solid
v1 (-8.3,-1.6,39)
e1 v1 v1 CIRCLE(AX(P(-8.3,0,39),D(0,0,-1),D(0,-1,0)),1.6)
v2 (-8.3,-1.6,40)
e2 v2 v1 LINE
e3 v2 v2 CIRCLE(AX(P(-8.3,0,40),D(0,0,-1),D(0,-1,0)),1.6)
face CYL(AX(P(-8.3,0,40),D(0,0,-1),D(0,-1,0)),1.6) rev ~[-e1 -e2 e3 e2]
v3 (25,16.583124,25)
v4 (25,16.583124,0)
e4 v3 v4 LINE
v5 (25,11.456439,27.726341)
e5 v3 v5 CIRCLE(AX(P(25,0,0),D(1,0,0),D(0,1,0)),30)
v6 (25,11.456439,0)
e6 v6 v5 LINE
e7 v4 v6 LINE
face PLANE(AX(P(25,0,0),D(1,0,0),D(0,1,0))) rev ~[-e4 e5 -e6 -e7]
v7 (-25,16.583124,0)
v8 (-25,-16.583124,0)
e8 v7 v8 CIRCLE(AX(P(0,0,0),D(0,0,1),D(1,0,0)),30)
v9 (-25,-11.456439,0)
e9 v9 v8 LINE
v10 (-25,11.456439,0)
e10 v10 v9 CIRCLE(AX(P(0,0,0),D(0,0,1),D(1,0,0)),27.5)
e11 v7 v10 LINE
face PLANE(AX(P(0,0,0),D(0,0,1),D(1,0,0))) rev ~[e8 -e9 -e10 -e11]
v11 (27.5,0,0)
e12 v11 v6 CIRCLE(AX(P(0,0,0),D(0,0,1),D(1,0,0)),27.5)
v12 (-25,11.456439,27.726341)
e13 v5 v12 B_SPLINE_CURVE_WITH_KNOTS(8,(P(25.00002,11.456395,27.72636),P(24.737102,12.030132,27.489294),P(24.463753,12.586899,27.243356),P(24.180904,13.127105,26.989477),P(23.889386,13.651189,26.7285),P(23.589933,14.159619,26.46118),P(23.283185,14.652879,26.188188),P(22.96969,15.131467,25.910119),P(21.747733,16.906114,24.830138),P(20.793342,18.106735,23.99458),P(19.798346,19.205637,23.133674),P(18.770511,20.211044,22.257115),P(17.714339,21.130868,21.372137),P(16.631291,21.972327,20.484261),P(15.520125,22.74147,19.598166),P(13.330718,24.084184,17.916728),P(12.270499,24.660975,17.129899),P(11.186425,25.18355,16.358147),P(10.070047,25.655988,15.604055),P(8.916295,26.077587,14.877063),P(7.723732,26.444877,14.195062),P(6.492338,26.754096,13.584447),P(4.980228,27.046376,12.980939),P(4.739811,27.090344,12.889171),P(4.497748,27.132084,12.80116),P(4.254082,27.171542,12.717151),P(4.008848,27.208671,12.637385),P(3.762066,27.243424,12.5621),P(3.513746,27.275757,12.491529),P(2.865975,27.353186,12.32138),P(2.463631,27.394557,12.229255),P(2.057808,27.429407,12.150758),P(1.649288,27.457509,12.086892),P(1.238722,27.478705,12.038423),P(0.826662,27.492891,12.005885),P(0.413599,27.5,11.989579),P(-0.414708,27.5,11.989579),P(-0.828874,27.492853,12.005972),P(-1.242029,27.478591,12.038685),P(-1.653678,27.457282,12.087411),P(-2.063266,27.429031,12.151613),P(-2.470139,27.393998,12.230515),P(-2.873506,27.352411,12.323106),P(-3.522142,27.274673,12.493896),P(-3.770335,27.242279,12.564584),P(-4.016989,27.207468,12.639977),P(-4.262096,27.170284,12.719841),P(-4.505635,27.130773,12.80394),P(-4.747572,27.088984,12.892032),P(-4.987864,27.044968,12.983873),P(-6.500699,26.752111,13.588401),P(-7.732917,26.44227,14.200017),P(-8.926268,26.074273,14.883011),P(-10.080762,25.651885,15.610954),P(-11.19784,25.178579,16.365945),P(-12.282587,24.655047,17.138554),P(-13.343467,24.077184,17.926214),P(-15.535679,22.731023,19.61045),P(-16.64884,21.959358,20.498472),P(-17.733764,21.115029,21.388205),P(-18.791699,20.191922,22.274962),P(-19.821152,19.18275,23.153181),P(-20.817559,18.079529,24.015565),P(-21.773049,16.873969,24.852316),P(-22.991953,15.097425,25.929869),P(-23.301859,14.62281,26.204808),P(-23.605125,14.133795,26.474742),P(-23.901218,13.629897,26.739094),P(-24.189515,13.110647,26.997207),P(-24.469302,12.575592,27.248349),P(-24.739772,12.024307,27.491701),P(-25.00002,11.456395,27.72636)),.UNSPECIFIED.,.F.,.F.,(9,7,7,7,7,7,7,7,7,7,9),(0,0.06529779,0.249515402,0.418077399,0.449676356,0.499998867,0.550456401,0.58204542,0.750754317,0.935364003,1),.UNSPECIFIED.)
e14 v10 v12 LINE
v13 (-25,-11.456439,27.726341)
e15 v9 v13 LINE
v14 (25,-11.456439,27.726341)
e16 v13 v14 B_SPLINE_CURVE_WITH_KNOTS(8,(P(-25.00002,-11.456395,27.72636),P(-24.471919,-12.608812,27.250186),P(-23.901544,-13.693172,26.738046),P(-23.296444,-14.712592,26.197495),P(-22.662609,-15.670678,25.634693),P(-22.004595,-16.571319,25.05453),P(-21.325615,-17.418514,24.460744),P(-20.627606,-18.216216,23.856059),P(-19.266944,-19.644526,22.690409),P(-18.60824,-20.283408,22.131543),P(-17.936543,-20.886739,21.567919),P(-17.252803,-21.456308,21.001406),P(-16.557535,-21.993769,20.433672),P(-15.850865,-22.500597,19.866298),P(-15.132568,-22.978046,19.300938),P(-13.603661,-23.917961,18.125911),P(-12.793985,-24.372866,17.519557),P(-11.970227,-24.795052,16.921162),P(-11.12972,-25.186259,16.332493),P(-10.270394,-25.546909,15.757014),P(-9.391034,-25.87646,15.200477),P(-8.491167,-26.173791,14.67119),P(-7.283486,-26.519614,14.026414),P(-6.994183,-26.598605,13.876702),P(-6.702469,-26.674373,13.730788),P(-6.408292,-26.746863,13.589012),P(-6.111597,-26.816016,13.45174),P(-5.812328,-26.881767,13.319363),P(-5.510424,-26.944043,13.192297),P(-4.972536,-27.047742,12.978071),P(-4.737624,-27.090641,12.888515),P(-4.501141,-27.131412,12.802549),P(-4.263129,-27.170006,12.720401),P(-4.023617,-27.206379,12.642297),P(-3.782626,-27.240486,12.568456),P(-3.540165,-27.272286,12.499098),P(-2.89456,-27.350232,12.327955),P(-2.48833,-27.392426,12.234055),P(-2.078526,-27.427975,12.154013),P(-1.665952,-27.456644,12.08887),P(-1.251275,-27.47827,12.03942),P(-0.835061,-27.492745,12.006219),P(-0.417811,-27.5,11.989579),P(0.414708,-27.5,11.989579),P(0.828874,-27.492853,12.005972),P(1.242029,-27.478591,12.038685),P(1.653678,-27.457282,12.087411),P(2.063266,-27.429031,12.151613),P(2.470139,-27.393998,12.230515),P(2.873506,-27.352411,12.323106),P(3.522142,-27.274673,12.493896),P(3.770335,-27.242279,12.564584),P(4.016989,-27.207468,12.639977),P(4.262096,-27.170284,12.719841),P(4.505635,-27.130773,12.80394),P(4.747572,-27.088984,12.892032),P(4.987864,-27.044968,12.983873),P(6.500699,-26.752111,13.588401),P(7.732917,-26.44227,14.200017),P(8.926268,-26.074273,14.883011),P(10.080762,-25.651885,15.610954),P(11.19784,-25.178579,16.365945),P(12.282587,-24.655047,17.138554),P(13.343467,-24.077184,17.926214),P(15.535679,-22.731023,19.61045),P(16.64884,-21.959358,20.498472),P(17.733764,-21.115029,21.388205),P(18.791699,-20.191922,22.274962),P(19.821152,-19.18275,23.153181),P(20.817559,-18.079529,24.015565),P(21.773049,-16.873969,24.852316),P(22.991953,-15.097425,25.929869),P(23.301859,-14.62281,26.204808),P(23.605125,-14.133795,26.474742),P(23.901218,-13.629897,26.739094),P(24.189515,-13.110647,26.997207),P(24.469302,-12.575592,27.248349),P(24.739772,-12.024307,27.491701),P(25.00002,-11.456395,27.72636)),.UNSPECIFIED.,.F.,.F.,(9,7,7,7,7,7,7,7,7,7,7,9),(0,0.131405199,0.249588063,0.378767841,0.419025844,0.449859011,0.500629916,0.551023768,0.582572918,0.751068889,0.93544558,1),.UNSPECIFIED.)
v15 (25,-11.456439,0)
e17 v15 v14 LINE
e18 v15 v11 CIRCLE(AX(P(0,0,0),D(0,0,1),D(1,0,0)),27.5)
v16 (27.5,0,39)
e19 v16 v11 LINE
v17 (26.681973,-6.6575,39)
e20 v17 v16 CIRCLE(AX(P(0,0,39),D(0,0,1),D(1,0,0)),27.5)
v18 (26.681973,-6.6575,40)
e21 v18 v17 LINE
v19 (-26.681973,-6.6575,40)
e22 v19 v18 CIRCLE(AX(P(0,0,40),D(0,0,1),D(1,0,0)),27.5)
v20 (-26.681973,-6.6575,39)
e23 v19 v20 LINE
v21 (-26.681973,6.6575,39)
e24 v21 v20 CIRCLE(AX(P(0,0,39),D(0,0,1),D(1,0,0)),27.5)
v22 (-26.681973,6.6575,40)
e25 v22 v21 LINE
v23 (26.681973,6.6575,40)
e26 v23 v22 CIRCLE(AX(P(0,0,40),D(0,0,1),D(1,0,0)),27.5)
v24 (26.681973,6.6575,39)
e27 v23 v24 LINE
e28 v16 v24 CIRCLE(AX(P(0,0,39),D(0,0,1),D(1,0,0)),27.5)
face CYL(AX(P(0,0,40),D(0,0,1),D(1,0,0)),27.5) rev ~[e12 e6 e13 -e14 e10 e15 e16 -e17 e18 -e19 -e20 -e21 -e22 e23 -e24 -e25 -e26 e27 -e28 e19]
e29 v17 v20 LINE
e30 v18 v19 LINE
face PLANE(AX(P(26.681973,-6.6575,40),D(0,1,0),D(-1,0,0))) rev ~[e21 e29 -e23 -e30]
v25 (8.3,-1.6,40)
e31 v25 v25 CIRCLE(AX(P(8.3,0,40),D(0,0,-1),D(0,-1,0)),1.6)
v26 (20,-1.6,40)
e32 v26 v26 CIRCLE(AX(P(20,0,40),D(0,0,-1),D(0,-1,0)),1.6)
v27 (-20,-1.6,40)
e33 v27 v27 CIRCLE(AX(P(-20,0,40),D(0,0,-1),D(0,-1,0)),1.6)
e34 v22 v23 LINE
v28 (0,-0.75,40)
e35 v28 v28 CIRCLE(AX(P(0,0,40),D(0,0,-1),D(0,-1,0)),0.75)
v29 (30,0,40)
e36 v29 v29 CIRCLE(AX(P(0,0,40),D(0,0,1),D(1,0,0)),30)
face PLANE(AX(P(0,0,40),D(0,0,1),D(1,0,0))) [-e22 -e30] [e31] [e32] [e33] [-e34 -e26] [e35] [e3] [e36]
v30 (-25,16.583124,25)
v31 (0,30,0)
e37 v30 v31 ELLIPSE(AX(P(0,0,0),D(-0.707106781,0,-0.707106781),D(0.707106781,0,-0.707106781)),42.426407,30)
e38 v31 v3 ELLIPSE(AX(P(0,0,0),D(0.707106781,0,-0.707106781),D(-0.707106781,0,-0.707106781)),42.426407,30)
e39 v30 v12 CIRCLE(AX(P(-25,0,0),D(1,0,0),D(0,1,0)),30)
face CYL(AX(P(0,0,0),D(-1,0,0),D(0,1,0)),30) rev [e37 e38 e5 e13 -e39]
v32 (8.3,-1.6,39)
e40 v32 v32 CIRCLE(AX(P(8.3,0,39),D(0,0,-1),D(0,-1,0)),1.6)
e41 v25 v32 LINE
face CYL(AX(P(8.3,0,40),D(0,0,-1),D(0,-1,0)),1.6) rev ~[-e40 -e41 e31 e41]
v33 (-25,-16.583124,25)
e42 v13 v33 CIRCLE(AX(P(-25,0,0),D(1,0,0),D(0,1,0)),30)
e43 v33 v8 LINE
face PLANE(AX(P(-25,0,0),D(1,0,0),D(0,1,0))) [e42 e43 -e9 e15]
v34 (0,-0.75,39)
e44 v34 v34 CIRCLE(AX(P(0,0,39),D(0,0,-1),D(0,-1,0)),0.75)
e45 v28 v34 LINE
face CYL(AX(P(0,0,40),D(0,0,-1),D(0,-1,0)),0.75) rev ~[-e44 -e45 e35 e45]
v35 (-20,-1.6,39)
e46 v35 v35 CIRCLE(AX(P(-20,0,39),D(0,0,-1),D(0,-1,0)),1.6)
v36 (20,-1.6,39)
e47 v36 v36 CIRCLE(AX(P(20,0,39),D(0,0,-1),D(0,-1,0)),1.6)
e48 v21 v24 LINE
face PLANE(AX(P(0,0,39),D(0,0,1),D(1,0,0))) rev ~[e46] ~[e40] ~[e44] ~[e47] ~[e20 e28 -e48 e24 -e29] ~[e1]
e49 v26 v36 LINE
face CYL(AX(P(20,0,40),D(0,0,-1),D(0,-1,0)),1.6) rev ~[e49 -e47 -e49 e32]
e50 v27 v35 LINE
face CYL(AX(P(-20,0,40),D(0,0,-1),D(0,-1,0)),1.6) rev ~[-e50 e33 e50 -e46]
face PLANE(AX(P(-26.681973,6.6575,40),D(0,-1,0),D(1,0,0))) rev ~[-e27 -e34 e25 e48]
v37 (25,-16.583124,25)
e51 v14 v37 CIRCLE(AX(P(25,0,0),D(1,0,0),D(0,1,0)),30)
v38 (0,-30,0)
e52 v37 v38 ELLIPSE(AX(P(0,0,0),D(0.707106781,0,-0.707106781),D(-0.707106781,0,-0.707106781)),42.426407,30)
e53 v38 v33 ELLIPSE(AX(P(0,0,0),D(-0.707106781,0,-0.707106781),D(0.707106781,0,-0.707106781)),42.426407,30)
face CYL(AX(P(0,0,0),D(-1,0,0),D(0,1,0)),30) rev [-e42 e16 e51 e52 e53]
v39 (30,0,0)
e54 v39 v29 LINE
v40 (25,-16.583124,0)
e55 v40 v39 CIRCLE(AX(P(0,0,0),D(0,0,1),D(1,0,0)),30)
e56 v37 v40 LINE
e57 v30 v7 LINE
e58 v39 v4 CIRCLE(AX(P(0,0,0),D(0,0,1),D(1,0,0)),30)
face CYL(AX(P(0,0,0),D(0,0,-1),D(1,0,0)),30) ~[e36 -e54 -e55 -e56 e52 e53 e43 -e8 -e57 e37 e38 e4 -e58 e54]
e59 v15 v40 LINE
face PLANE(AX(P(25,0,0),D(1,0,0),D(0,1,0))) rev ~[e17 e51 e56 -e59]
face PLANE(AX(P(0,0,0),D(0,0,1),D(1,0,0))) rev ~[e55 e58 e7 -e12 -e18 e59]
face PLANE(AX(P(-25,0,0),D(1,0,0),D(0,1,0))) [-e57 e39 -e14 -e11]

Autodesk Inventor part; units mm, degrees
ref_plane "YZ Plane" through (0, 0, 0) normal (1, 0, 0) x (0, 1, 0)
ref_plane "XZ Plane" through (0, 0, 0) normal (0, 1, 0) x (-1, 0, 0)
ref_plane "XY Plane" through (0, 0, 0) normal (0, 0, 1) x (1, 0, 0)
sketch "スケッチ1" plane through (0, 0, 0) normal (0, 0, 1) x (1, 0, 0)
  circle A0 centre (0, 0) radius 30
  dimension "d0" = 60
extrude "押し出し1" add sketch "スケッチ1" along normal blind 40
sketch "スケッチ2" plane through (0, 0, 40) normal (0, 0, 1) x (1, 0, 0)
  circle A0 centre (0, 0) radius 27.5
  dimension "d3" = 55
extrude "押し出し2" cut sketch "スケッチ2" against normal blind 50
sketch "スケッチ3" plane through (0, 0, 0) normal (0, 0, 1) x (1, 0, 0)
  point P0 (0, 0)
sketch "スケッチ4" plane through (0, 0, 0) normal (1, 0, 0) x (0, 1, 0)
  line L0 (30, 0) -> (-30, 0) projected
  line L1 (-30, 0) -> (-30, 40) projected
  arc A0 (30, 0) -> (-30, 0) centre (0, 0) ccw
  dimension "d6" = 30
extrude "押し出し3" cut sketch "スケッチ4" along normal mid plane 50
sketch "スケッチ5" plane through (0, 0, 40) normal (0, 0, 1) x (1, 0, 0)
  circle A0 centre (0, 0) radius 27.5
extrude "押し出し4" add sketch "スケッチ5" against normal blind 1
sketch "スケッチ19" plane through (0, 0, 40) normal (0, 0, 1) x (1, 0, 0)
  circle A0 centre (0, 0) radius 27.5
  line L0 (27.5, -6.6575) -> (-27.5, -6.6575)
  line L1 (-27.5, -6.6575) -> (-27.5, 6.6575)
  line L2 (-27.5, 6.6575) -> (27.5, 6.6575)
  line L3 (27.5, 6.6575) -> (27.5, -6.6575)
  line L4 (27.5, -6.6575) -> (-27.5, 6.6575) construction
  line L5 (-27.5, -6.6575) -> (27.5, 6.6575) construction
  point P0 (26.682, -6.6575)
  point P1 (-26.682, -6.6575)
  point P2 (-26.682, 6.6575)
  point P3 (26.682, 6.6575)
extrude "押し出し11" cut sketch "スケッチ19" against normal blind 10 contours L2 A0 | A0 L0
sketch "スケッチ22" plane through (0, 0, 40) normal (0, 0, 1) x (1, 0, 0)
  point P0 (0, 0)
sketch "スケッチ23" plane through (0, 0, 40) normal (0, 0, 1) x (1, 0, 0)
  point P0 (0, 0)
  point P1 (-20, 0)
  point P2 (20, 0)
  dimension "d67" = 20
  dimension "d68" = 20
hole "穴4" at (-20, 0, 40) at (20, 0, 40) direction (0, 0, -1) diameter 3.2 depth 8.8 tip angle 118
sketch "スケッチ25" plane through (0, 0, 40) normal (0, 0, 1) x (1, 0, 0)
  point P0 (0, 0)
  point P1 (0, 0)
hole "穴5" at (0, 0, 40) direction (0, 0, -1) diameter 1.5 depth 8.8 tip angle 118
sketch "スケッチ26" plane through (0, 0, 40) normal (0, 0, 1) x (1, 0, 0)
  point P0 (0, 0)
  point P1 (-8.3, 0)
  point P2 (8.3, 0)
  dimension "d86" = 8.3
  dimension "d87" = 8.3
hole "穴6" at (-8.3, 0, 40) at (8.3, 0, 40) direction (0, 0, -1) diameter 3.2 depth 8.8 tip angle 118
properties part number "20220527_仮筒"
